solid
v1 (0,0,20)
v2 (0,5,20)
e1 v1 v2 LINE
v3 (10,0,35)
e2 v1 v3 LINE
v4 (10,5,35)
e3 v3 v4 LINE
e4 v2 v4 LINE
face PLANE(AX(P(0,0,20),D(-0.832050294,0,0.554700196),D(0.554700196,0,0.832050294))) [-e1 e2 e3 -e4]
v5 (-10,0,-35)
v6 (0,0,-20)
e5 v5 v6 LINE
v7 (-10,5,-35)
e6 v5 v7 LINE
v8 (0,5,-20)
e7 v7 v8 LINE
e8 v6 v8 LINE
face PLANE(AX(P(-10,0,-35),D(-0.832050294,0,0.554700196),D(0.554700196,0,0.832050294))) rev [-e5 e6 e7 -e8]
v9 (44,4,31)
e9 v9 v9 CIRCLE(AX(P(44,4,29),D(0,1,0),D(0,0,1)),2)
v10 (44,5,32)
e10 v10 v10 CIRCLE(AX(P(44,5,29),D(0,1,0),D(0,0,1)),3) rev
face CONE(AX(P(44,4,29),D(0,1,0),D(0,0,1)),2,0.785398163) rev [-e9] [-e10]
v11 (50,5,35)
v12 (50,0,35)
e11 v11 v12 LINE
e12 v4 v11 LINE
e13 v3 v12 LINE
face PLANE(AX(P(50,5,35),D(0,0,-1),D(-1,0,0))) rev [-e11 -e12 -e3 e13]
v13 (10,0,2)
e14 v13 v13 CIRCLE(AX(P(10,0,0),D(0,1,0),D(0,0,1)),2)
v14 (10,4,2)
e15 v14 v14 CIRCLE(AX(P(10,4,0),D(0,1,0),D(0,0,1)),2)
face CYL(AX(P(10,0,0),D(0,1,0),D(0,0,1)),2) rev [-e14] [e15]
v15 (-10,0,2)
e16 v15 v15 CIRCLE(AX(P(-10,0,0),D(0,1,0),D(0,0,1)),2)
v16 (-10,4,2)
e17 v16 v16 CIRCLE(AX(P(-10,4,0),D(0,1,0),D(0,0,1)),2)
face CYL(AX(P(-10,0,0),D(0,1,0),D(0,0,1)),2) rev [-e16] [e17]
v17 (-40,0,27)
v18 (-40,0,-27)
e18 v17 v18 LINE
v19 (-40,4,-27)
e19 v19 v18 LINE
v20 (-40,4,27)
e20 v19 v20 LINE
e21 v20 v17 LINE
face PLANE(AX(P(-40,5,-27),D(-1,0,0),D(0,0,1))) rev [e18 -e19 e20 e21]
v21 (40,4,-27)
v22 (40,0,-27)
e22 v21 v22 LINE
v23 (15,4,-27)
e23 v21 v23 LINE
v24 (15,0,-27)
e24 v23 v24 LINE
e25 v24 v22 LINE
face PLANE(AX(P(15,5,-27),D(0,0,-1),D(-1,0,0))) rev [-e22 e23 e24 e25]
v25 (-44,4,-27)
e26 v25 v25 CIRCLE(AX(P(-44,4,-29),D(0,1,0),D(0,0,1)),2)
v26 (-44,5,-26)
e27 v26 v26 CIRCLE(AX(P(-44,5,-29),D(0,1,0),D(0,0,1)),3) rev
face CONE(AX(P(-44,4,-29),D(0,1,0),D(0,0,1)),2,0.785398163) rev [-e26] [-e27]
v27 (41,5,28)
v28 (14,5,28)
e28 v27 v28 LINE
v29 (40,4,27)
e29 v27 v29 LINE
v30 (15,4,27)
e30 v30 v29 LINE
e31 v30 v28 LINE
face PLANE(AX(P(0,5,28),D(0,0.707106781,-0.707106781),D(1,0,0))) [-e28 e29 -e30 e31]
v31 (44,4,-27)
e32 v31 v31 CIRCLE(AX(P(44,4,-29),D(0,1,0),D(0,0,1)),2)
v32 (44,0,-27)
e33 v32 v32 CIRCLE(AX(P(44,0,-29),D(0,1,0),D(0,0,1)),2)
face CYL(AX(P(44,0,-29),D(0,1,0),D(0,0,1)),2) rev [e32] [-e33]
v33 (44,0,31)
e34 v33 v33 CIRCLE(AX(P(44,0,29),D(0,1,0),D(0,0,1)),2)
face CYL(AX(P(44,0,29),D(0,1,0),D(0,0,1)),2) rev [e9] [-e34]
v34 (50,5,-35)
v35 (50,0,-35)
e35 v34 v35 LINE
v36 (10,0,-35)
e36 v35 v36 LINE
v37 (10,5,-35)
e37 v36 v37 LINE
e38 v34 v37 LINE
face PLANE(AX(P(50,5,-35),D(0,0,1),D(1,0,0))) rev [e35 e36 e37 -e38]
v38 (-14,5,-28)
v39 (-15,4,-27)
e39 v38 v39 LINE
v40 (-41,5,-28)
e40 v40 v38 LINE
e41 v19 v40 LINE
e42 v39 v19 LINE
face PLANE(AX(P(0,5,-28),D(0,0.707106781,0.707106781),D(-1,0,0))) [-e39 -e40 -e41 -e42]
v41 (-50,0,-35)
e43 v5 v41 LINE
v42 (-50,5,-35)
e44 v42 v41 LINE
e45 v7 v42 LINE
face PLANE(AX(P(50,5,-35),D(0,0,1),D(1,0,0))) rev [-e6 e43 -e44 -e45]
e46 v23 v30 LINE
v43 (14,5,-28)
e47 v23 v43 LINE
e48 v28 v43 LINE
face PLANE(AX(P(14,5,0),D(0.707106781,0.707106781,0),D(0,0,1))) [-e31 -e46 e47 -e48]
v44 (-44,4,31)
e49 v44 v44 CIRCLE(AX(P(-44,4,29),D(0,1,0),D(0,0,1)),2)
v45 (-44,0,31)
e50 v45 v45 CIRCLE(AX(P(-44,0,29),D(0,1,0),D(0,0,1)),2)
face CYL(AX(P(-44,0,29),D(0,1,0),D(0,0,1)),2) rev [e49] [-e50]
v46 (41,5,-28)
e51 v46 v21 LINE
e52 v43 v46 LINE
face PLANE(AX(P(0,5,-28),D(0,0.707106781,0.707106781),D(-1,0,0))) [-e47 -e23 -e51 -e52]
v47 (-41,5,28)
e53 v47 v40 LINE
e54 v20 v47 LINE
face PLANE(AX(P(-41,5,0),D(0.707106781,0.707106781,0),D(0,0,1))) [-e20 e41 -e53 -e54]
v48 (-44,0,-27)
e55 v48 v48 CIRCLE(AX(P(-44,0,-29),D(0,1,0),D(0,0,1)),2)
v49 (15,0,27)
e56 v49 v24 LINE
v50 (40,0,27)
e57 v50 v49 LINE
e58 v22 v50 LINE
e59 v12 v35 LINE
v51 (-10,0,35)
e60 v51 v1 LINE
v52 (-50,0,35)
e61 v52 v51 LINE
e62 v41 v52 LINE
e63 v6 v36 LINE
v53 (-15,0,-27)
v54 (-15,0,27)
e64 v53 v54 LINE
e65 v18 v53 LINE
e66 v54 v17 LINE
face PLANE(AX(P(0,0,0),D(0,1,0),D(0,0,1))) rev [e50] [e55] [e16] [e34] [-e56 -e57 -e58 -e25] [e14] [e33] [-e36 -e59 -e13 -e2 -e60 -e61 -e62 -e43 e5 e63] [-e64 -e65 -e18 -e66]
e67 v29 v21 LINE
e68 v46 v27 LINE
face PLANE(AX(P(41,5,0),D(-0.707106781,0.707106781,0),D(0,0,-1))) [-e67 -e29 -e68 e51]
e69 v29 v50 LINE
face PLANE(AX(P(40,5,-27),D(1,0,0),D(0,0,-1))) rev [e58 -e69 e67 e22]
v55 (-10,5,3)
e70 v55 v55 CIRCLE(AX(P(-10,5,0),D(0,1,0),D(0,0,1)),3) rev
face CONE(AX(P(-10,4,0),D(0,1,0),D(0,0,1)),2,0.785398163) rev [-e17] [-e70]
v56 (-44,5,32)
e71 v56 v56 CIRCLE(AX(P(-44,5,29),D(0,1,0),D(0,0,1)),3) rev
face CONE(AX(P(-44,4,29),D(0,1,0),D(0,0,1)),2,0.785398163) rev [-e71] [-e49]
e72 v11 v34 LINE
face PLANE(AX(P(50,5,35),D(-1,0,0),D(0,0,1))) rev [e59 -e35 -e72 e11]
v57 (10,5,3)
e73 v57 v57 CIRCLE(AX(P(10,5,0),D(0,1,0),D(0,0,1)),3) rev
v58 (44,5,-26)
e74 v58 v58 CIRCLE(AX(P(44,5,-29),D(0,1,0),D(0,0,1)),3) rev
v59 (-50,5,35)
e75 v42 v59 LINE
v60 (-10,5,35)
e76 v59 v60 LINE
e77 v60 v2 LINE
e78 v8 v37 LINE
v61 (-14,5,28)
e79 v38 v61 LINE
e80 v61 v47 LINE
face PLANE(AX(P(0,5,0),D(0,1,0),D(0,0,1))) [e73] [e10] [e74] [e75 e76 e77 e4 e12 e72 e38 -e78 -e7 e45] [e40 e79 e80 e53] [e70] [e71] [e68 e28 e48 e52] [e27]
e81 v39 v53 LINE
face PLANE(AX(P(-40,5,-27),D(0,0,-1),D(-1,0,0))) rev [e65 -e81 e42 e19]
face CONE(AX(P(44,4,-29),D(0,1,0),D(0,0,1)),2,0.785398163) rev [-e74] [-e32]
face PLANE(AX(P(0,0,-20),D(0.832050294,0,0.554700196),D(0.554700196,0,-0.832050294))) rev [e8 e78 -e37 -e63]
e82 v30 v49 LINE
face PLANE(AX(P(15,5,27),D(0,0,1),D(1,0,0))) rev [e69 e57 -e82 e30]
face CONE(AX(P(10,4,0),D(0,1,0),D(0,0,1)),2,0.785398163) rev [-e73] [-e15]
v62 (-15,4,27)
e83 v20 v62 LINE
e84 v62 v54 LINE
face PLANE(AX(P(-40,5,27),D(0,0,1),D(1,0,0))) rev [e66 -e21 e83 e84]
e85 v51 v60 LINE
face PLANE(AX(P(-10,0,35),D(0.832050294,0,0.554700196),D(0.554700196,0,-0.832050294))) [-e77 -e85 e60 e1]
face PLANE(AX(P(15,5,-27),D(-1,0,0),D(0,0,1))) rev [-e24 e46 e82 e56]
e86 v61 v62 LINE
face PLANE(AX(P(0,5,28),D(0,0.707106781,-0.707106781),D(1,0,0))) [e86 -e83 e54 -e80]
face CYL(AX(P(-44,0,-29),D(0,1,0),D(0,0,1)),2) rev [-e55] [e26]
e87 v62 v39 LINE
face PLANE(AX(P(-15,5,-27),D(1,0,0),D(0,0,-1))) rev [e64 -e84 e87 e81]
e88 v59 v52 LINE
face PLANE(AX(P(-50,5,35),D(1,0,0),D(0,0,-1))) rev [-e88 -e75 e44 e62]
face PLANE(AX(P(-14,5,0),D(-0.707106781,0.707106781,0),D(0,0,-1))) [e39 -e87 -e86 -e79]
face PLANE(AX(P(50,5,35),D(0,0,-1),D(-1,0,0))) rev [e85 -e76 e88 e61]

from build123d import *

# Parameters (mm, degrees)
CROQUIS1_W              = 100
CROQUIS1_H              = 70
SALIENTE_EXTRUIR1_DEPTH = 5
CROQUIS3_R              = 2
CORTAR_EXTRUIR2_DEPTH   = 6
CROQUIS6_R              = 2
CORTAR_EXTRUIR3_DEPTH   = 6
CROQUIS7_W              = 25
CROQUIS7_H              = 54
CORTAR_EXTRUIR4_DEPTH   = 6
CORTAR_EXTRUIR5_DEPTH   = 6
CHAFL_N1_SIZE           = 1


with BuildPart() as part:
    # Croquis1 → Saliente-Extruir1 (new body)
    with BuildSketch(Plane(origin=(0, 0, 0), x_dir=(1, 0, 0), z_dir=(0, 1, 0))):
        Rectangle(CROQUIS1_W, CROQUIS1_H)
    extrude(amount=SALIENTE_EXTRUIR1_DEPTH)

    # Croquis3 → Cortar-Extruir2 (cut, through all)
    with BuildSketch(Plane(origin=(0, 5, 0), x_dir=(1, 0, 0), z_dir=(0, 1, 0))):
        with Locations((-44, 29)):
            Circle(CROQUIS3_R)
        with Locations((44, 29)):
            Circle(CROQUIS3_R)
        with Locations((44, -29)):
            Circle(CROQUIS3_R)
        with Locations((-44, -29)):
            Circle(CROQUIS3_R)
    extrude(amount=-CORTAR_EXTRUIR2_DEPTH, mode=Mode.SUBTRACT)

    # Croquis6 → Cortar-Extruir3 (cut, through all)
    with BuildSketch(Plane(origin=(0, 5, 0), x_dir=(1, 0, 0), z_dir=(0, 1, 0))):
        with Locations((-10, 0)):
            Circle(CROQUIS6_R)
        with Locations((10, 0)):
            Circle(CROQUIS6_R)
    extrude(amount=-CORTAR_EXTRUIR3_DEPTH, mode=Mode.SUBTRACT)

    # Croquis7 → Cortar-Extruir4 (cut, through all)
    with BuildSketch(Plane.XZ):
        with Locations((-27.5, 0)):
            Rectangle(CROQUIS7_W, CROQUIS7_H)
        with Locations((27.5, 0)):
            Rectangle(CROQUIS7_W, CROQUIS7_H)
    extrude(amount=-CORTAR_EXTRUIR4_DEPTH, mode=Mode.SUBTRACT)

    # Croquis8 → Cortar-Extruir5 (cut, through all)
    with BuildSketch(Plane(origin=(0, 5, 0), x_dir=(1, 0, 0), z_dir=(0, 1, 0))):
        Polygon((-10, 35), (0, 20), (10, 35), align=None)
    cortar_extruir5 = extrude(amount=-CORTAR_EXTRUIR5_DEPTH, mode=Mode.SUBTRACT)

    # Simetría1: Cortar-Extruir5 across plane
    add(cortar_extruir5.mirror(Plane.XY), mode=Mode.SUBTRACT)

    # Chaflán1
    chafl_n1_edges = [part.edges().sort_by_distance(p)[0] for p in [
        (-46, 5, 29),
        (42, 5, 29),
        (42, 5, -29),
        (-46, 5, -29),
        (-12, 5, 0),
        (8, 5, 0),
        (-15, 5, 0),
        (-27.5, 5, -27),
        (-40, 5, 0),
        (-27.5, 5, 27),
        (40, 5, 0),
        (27.5, 5, -27),
        (15, 5, 0),
        (27.5, 5, 27),
    ]]
    chamfer(chafl_n1_edges, length=CHAFL_N1_SIZE)


solid = part.part
